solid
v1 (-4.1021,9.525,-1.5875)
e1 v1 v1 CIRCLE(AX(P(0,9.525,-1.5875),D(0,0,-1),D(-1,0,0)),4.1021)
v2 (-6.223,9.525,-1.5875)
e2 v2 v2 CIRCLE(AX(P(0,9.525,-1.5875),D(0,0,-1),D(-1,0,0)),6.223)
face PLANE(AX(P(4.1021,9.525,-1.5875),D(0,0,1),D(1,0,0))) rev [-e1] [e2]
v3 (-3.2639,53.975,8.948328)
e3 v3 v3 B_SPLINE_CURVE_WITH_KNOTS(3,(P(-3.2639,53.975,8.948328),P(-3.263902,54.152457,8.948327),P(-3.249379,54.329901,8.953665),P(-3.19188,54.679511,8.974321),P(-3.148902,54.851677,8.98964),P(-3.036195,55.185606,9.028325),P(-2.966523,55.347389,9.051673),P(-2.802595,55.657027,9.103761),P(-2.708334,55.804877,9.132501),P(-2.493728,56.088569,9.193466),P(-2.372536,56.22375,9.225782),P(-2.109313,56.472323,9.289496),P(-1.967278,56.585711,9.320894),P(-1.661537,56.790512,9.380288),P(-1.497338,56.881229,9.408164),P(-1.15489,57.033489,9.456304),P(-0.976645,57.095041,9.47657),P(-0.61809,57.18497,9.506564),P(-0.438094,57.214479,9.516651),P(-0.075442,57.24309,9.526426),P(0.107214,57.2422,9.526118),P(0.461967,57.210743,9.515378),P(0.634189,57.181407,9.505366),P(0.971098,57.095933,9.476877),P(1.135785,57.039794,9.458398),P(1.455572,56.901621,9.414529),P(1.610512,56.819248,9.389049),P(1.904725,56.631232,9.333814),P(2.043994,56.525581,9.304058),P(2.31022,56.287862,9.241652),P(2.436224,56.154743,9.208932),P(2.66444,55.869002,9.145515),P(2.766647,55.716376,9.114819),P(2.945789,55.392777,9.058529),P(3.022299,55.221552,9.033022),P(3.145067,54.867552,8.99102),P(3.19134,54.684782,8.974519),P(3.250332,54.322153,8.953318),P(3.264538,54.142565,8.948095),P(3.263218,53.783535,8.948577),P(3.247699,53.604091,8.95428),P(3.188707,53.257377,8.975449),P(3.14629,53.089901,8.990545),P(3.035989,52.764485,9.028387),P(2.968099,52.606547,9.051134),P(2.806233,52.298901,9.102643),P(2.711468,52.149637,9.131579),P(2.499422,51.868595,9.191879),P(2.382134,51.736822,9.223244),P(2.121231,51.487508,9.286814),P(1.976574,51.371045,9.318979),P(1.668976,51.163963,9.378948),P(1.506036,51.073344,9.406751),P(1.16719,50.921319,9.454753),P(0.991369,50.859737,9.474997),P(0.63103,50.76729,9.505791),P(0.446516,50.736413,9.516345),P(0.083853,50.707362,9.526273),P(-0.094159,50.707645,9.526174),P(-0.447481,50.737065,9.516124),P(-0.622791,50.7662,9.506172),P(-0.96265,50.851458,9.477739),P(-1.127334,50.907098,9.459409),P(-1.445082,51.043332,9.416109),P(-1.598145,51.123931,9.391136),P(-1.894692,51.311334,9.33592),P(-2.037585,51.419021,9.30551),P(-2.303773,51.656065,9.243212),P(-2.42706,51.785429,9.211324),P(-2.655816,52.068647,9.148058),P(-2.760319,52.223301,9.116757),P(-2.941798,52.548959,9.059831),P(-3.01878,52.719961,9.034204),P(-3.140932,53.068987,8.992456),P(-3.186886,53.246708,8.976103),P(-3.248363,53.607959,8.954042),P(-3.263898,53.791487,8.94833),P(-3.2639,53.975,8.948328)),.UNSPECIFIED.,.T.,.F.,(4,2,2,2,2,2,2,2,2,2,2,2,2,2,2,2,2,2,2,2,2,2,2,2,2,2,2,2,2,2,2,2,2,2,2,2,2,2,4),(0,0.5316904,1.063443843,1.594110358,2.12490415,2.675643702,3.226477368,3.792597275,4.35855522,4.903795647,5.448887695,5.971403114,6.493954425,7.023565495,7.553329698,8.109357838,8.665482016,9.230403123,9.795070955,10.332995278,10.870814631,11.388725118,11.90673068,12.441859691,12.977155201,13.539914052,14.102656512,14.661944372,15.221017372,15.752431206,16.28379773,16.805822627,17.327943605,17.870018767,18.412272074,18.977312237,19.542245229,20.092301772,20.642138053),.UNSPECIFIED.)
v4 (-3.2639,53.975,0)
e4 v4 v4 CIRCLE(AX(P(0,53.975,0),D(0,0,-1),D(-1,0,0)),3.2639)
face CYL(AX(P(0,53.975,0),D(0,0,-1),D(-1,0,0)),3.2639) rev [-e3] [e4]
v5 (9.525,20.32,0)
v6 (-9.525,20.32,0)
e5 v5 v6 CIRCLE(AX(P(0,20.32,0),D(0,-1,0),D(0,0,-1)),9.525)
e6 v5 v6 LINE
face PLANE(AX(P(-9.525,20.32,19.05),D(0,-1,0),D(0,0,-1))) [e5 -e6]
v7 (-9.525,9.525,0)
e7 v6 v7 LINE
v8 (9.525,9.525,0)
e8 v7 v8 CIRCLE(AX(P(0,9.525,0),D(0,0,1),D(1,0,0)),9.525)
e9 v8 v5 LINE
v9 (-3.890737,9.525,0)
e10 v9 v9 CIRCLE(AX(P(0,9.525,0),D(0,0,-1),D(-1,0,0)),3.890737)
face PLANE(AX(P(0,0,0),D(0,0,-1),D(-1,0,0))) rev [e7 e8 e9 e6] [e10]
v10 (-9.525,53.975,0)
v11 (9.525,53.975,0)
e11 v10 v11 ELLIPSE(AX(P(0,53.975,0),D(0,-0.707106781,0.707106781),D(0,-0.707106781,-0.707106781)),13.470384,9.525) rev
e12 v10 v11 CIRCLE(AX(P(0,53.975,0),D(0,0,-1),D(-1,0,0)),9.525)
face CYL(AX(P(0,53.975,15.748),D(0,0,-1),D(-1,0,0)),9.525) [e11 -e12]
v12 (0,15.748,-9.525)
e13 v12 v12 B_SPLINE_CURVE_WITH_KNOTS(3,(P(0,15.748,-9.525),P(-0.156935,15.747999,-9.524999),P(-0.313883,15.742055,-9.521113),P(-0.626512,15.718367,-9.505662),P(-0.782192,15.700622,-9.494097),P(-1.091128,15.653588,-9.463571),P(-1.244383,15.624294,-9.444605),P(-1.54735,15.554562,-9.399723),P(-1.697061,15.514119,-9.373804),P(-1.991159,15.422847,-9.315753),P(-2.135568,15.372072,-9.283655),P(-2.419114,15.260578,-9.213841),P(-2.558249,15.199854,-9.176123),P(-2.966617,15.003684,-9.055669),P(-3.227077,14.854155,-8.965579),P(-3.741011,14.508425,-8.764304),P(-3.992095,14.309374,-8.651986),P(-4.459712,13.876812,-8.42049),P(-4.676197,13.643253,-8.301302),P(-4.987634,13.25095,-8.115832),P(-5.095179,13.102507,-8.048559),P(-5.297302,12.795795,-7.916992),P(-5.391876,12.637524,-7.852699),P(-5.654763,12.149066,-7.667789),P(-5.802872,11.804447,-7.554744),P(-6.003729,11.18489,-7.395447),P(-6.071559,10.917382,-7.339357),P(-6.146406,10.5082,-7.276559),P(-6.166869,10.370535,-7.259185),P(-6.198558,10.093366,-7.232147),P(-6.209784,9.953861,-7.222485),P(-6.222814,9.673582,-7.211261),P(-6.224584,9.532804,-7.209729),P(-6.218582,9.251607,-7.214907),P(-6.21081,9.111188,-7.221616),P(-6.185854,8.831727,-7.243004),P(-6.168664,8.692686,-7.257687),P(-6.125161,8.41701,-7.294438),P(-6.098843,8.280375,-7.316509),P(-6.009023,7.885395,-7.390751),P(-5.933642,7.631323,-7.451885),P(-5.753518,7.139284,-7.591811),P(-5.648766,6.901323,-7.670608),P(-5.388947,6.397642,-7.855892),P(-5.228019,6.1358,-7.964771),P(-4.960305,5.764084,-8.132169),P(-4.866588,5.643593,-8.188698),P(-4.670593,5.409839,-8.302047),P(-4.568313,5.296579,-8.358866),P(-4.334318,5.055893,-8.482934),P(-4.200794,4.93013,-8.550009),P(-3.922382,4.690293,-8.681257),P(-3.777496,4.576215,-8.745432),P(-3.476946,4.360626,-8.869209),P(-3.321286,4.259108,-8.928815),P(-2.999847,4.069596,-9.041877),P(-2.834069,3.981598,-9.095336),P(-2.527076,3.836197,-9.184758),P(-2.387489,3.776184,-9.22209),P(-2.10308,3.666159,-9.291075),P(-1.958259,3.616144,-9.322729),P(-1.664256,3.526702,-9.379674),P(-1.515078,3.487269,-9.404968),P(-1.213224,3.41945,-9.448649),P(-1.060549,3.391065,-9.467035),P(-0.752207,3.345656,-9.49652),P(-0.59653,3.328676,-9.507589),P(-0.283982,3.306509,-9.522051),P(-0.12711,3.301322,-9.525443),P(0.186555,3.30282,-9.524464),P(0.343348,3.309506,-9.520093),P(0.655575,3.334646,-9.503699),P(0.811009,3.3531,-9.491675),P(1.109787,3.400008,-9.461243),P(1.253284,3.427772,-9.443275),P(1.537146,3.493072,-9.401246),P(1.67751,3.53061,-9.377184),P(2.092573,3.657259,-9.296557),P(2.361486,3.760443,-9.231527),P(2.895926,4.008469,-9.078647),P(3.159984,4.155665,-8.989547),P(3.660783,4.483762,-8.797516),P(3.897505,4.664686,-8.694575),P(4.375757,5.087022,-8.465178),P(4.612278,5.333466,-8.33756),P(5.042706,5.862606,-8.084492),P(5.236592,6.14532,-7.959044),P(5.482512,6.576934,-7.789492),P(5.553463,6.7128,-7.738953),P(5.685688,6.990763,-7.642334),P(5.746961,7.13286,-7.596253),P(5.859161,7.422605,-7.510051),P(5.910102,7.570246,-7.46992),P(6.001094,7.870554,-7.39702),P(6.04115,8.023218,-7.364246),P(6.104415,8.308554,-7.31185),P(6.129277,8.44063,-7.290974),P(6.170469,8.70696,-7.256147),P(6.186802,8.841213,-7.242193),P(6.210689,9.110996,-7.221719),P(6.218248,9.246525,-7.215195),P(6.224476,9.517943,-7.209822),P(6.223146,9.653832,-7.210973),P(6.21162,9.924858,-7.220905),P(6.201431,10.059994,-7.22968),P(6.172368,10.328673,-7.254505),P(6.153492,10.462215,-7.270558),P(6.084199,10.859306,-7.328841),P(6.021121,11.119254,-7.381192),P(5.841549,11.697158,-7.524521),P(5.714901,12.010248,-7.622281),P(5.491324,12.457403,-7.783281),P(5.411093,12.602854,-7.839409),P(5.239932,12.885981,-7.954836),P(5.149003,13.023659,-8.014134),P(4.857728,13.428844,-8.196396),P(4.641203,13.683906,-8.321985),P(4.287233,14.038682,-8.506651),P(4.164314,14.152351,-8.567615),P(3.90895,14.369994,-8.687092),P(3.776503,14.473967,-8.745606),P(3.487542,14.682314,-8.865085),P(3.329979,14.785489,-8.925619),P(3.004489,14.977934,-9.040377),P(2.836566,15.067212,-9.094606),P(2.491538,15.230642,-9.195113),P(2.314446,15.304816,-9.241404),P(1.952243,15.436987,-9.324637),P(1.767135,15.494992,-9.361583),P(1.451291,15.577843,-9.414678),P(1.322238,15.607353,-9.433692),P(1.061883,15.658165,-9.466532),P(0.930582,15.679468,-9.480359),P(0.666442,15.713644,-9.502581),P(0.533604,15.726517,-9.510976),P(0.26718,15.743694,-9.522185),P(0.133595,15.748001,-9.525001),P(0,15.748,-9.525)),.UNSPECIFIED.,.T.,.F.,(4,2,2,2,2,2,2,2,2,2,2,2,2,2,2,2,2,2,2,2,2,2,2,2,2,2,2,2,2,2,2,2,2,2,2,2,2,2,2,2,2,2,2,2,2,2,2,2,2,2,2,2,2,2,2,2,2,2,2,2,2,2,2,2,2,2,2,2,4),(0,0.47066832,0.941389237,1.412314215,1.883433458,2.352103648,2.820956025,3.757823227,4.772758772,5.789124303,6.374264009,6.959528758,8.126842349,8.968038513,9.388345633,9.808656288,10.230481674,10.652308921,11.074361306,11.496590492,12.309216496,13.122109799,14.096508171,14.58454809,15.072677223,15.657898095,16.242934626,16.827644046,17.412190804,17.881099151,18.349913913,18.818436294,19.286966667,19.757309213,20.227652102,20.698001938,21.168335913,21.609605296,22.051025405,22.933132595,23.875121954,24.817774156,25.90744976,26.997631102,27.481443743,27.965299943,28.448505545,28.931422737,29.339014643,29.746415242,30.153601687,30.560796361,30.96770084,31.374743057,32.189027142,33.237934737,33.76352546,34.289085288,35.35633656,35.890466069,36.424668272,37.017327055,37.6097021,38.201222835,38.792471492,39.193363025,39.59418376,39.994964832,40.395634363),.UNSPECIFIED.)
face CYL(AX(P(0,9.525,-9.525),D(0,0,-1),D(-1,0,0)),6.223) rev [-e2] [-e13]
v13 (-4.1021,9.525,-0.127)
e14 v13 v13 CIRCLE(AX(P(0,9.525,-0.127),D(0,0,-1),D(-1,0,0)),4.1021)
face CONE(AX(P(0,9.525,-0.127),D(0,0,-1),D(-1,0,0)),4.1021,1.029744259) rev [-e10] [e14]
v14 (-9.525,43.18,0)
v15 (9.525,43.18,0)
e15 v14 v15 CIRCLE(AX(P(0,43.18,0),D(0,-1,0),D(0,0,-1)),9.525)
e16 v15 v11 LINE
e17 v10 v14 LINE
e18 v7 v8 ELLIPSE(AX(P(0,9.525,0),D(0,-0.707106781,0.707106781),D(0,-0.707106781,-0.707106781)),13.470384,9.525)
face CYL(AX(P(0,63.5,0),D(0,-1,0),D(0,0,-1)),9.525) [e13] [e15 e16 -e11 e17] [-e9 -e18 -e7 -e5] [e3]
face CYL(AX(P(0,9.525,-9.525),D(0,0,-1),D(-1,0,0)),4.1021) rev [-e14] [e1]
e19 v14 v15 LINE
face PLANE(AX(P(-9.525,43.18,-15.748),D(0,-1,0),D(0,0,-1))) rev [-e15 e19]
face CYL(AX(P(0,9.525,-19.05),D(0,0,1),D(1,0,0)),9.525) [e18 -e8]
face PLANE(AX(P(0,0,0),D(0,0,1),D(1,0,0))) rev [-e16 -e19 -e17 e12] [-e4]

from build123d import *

# Parameters (mm, degrees)
CROQUIS1_R                                           = 9.525
SALIENTE_EXTRUIR1_DEPTH                              = 63.5
CROQUIS2_W                                           = 19.05
CROQUIS2_H                                           = 20.32
CORTAR_EXTRUIR1_DEPTH                                = 15.748
CORTAR_EXTRUIR2_DEPTH                                = 15.748
TALADRO_ROSCADO_5_16_181_D                           = 6.5278
TALADRO_ROSCADO_5_16_181_DEPTH                       = 22.9235
TALADRO_ROSCADO_5_16_181_TIP                         = 1.961148974
CROQUIS6_W                                           = 19.05
CROQUIS6_H                                           = 20.32
CORTAR_EXTRUIR3_DEPTH                                = 19.05
CORTAR_EXTRUIR4_DEPTH                                = 19.05
REFRENTADO_PARA_TORNILLO_CON_CABEZA_HUEC_D           = 8.2042
REFRENTADO_PARA_TORNILLO_CON_CABEZA_HUEC_DEPTH       = 9.398
REFRENTADO_PARA_TORNILLO_CON_CABEZA_HUEC_CBORE_D     = 12.446
REFRENTADO_PARA_TORNILLO_CON_CABEZA_HUEC_CBORE_DEPTH = 7.9375
REFRENTADO_PARA_TORNILLO_CON_CABEZA_HUEC_TIP         = 2.464790345


with BuildPart() as part:
    # Croquis1 → Saliente-Extruir1 (new body)
    with BuildSketch(Plane(origin=(0, 0, 0), x_dir=(1, 0, 0), z_dir=(0, 1, 0))):
        with Locations(Location((0, 0, 0), (0, 0, 270))):
            Circle(CROQUIS1_R)
    extrude(amount=SALIENTE_EXTRUIR1_DEPTH)

    # Croquis2 → Cortar-Extruir1 (cut)
    with BuildSketch(Plane.XY):
        with Locations((0, 53.34)):
            Rectangle(CROQUIS2_W, CROQUIS2_H)
    extrude(amount=-CORTAR_EXTRUIR1_DEPTH, mode=Mode.SUBTRACT)

    # Croquis3 → Cortar-Extruir2 (cut)
    with BuildSketch(Plane(origin=(0, 0, 0), x_dir=(-1, 0, 0), z_dir=(0, 0, -1))):
        with BuildLine():
            Line((-9.525, 63.5), (-9.525, 53.975))
            ThreePointArc((-9.525, 53.975), (-6.735192091, 60.710192091), (0, 63.5))
            Line((0, 63.5), (-9.525, 63.5))
        make_face()
        with BuildLine():
            Line((9.525, 63.5), (0, 63.5))
            ThreePointArc((0, 63.5), (6.735192091, 60.710192091), (9.525, 53.975))
            Line((9.525, 53.975), (9.525, 63.5))
        make_face()
    extrude(amount=-CORTAR_EXTRUIR2_DEPTH, mode=Mode.SUBTRACT)

    # Taladro roscado 5/16-181
    with Locations(Plane(origin=(0, 0, 0), x_dir=(-1, 0, 0), z_dir=(0, 0, -1))):
        with Locations((0, 53.975)):
            Hole(TALADRO_ROSCADO_5_16_181_D / 2, depth=TALADRO_ROSCADO_5_16_181_DEPTH)
            with Locations((0, 0, -(TALADRO_ROSCADO_5_16_181_DEPTH + TALADRO_ROSCADO_5_16_181_TIP / 2))):  # 118° drill point
                Cone(0, TALADRO_ROSCADO_5_16_181_D / 2, TALADRO_ROSCADO_5_16_181_TIP, mode=Mode.SUBTRACT)

    # Croquis6 → Cortar-Extruir3 (cut)
    with BuildSketch(Plane.XY):
        with Locations((0, 10.16)):
            Rectangle(CROQUIS6_W, CROQUIS6_H)
    extrude(amount=CORTAR_EXTRUIR3_DEPTH, mode=Mode.SUBTRACT)

    # Croquis7 → Cortar-Extruir4 (cut)
    with BuildSketch(Plane.XY):
        with BuildLine():
            ThreePointArc((-3.4e-08, 0), (-6.735192103, 2.789807921), (-9.525, 9.525))
            Line((-9.525, 9.525), (-9.525, 0))
            Line((-9.525, 0), (-3.4e-08, 0))
        make_face()
        with BuildLine():
            ThreePointArc((9.525, 9.525), (6.735192079, 2.789807897), (-3.4e-08, 0))
            Line((-3.4e-08, 0), (9.525, 0))
            Line((9.525, 0), (9.525, 9.525))
        make_face()
    extrude(amount=-CORTAR_EXTRUIR4_DEPTH, mode=Mode.SUBTRACT)

    # Refrentado para tornillo con cabeza hueca de 5/161
    with Locations(Plane(origin=(0, 0, -9.525), x_dir=(-1, 0, 0), z_dir=(0, 0, -1))):
        with Locations((0, 9.525)):
            CounterBoreHole(REFRENTADO_PARA_TORNILLO_CON_CABEZA_HUEC_D / 2, REFRENTADO_PARA_TORNILLO_CON_CABEZA_HUEC_CBORE_D / 2, REFRENTADO_PARA_TORNILLO_CON_CABEZA_HUEC_CBORE_DEPTH, depth=REFRENTADO_PARA_TORNILLO_CON_CABEZA_HUEC_DEPTH)
            with Locations((0, 0, -(REFRENTADO_PARA_TORNILLO_CON_CABEZA_HUEC_DEPTH + REFRENTADO_PARA_TORNILLO_CON_CABEZA_HUEC_TIP / 2))):  # 118° drill point
                Cone(0, REFRENTADO_PARA_TORNILLO_CON_CABEZA_HUEC_D / 2, REFRENTADO_PARA_TORNILLO_CON_CABEZA_HUEC_TIP, mode=Mode.SUBTRACT)


solid = part.part
